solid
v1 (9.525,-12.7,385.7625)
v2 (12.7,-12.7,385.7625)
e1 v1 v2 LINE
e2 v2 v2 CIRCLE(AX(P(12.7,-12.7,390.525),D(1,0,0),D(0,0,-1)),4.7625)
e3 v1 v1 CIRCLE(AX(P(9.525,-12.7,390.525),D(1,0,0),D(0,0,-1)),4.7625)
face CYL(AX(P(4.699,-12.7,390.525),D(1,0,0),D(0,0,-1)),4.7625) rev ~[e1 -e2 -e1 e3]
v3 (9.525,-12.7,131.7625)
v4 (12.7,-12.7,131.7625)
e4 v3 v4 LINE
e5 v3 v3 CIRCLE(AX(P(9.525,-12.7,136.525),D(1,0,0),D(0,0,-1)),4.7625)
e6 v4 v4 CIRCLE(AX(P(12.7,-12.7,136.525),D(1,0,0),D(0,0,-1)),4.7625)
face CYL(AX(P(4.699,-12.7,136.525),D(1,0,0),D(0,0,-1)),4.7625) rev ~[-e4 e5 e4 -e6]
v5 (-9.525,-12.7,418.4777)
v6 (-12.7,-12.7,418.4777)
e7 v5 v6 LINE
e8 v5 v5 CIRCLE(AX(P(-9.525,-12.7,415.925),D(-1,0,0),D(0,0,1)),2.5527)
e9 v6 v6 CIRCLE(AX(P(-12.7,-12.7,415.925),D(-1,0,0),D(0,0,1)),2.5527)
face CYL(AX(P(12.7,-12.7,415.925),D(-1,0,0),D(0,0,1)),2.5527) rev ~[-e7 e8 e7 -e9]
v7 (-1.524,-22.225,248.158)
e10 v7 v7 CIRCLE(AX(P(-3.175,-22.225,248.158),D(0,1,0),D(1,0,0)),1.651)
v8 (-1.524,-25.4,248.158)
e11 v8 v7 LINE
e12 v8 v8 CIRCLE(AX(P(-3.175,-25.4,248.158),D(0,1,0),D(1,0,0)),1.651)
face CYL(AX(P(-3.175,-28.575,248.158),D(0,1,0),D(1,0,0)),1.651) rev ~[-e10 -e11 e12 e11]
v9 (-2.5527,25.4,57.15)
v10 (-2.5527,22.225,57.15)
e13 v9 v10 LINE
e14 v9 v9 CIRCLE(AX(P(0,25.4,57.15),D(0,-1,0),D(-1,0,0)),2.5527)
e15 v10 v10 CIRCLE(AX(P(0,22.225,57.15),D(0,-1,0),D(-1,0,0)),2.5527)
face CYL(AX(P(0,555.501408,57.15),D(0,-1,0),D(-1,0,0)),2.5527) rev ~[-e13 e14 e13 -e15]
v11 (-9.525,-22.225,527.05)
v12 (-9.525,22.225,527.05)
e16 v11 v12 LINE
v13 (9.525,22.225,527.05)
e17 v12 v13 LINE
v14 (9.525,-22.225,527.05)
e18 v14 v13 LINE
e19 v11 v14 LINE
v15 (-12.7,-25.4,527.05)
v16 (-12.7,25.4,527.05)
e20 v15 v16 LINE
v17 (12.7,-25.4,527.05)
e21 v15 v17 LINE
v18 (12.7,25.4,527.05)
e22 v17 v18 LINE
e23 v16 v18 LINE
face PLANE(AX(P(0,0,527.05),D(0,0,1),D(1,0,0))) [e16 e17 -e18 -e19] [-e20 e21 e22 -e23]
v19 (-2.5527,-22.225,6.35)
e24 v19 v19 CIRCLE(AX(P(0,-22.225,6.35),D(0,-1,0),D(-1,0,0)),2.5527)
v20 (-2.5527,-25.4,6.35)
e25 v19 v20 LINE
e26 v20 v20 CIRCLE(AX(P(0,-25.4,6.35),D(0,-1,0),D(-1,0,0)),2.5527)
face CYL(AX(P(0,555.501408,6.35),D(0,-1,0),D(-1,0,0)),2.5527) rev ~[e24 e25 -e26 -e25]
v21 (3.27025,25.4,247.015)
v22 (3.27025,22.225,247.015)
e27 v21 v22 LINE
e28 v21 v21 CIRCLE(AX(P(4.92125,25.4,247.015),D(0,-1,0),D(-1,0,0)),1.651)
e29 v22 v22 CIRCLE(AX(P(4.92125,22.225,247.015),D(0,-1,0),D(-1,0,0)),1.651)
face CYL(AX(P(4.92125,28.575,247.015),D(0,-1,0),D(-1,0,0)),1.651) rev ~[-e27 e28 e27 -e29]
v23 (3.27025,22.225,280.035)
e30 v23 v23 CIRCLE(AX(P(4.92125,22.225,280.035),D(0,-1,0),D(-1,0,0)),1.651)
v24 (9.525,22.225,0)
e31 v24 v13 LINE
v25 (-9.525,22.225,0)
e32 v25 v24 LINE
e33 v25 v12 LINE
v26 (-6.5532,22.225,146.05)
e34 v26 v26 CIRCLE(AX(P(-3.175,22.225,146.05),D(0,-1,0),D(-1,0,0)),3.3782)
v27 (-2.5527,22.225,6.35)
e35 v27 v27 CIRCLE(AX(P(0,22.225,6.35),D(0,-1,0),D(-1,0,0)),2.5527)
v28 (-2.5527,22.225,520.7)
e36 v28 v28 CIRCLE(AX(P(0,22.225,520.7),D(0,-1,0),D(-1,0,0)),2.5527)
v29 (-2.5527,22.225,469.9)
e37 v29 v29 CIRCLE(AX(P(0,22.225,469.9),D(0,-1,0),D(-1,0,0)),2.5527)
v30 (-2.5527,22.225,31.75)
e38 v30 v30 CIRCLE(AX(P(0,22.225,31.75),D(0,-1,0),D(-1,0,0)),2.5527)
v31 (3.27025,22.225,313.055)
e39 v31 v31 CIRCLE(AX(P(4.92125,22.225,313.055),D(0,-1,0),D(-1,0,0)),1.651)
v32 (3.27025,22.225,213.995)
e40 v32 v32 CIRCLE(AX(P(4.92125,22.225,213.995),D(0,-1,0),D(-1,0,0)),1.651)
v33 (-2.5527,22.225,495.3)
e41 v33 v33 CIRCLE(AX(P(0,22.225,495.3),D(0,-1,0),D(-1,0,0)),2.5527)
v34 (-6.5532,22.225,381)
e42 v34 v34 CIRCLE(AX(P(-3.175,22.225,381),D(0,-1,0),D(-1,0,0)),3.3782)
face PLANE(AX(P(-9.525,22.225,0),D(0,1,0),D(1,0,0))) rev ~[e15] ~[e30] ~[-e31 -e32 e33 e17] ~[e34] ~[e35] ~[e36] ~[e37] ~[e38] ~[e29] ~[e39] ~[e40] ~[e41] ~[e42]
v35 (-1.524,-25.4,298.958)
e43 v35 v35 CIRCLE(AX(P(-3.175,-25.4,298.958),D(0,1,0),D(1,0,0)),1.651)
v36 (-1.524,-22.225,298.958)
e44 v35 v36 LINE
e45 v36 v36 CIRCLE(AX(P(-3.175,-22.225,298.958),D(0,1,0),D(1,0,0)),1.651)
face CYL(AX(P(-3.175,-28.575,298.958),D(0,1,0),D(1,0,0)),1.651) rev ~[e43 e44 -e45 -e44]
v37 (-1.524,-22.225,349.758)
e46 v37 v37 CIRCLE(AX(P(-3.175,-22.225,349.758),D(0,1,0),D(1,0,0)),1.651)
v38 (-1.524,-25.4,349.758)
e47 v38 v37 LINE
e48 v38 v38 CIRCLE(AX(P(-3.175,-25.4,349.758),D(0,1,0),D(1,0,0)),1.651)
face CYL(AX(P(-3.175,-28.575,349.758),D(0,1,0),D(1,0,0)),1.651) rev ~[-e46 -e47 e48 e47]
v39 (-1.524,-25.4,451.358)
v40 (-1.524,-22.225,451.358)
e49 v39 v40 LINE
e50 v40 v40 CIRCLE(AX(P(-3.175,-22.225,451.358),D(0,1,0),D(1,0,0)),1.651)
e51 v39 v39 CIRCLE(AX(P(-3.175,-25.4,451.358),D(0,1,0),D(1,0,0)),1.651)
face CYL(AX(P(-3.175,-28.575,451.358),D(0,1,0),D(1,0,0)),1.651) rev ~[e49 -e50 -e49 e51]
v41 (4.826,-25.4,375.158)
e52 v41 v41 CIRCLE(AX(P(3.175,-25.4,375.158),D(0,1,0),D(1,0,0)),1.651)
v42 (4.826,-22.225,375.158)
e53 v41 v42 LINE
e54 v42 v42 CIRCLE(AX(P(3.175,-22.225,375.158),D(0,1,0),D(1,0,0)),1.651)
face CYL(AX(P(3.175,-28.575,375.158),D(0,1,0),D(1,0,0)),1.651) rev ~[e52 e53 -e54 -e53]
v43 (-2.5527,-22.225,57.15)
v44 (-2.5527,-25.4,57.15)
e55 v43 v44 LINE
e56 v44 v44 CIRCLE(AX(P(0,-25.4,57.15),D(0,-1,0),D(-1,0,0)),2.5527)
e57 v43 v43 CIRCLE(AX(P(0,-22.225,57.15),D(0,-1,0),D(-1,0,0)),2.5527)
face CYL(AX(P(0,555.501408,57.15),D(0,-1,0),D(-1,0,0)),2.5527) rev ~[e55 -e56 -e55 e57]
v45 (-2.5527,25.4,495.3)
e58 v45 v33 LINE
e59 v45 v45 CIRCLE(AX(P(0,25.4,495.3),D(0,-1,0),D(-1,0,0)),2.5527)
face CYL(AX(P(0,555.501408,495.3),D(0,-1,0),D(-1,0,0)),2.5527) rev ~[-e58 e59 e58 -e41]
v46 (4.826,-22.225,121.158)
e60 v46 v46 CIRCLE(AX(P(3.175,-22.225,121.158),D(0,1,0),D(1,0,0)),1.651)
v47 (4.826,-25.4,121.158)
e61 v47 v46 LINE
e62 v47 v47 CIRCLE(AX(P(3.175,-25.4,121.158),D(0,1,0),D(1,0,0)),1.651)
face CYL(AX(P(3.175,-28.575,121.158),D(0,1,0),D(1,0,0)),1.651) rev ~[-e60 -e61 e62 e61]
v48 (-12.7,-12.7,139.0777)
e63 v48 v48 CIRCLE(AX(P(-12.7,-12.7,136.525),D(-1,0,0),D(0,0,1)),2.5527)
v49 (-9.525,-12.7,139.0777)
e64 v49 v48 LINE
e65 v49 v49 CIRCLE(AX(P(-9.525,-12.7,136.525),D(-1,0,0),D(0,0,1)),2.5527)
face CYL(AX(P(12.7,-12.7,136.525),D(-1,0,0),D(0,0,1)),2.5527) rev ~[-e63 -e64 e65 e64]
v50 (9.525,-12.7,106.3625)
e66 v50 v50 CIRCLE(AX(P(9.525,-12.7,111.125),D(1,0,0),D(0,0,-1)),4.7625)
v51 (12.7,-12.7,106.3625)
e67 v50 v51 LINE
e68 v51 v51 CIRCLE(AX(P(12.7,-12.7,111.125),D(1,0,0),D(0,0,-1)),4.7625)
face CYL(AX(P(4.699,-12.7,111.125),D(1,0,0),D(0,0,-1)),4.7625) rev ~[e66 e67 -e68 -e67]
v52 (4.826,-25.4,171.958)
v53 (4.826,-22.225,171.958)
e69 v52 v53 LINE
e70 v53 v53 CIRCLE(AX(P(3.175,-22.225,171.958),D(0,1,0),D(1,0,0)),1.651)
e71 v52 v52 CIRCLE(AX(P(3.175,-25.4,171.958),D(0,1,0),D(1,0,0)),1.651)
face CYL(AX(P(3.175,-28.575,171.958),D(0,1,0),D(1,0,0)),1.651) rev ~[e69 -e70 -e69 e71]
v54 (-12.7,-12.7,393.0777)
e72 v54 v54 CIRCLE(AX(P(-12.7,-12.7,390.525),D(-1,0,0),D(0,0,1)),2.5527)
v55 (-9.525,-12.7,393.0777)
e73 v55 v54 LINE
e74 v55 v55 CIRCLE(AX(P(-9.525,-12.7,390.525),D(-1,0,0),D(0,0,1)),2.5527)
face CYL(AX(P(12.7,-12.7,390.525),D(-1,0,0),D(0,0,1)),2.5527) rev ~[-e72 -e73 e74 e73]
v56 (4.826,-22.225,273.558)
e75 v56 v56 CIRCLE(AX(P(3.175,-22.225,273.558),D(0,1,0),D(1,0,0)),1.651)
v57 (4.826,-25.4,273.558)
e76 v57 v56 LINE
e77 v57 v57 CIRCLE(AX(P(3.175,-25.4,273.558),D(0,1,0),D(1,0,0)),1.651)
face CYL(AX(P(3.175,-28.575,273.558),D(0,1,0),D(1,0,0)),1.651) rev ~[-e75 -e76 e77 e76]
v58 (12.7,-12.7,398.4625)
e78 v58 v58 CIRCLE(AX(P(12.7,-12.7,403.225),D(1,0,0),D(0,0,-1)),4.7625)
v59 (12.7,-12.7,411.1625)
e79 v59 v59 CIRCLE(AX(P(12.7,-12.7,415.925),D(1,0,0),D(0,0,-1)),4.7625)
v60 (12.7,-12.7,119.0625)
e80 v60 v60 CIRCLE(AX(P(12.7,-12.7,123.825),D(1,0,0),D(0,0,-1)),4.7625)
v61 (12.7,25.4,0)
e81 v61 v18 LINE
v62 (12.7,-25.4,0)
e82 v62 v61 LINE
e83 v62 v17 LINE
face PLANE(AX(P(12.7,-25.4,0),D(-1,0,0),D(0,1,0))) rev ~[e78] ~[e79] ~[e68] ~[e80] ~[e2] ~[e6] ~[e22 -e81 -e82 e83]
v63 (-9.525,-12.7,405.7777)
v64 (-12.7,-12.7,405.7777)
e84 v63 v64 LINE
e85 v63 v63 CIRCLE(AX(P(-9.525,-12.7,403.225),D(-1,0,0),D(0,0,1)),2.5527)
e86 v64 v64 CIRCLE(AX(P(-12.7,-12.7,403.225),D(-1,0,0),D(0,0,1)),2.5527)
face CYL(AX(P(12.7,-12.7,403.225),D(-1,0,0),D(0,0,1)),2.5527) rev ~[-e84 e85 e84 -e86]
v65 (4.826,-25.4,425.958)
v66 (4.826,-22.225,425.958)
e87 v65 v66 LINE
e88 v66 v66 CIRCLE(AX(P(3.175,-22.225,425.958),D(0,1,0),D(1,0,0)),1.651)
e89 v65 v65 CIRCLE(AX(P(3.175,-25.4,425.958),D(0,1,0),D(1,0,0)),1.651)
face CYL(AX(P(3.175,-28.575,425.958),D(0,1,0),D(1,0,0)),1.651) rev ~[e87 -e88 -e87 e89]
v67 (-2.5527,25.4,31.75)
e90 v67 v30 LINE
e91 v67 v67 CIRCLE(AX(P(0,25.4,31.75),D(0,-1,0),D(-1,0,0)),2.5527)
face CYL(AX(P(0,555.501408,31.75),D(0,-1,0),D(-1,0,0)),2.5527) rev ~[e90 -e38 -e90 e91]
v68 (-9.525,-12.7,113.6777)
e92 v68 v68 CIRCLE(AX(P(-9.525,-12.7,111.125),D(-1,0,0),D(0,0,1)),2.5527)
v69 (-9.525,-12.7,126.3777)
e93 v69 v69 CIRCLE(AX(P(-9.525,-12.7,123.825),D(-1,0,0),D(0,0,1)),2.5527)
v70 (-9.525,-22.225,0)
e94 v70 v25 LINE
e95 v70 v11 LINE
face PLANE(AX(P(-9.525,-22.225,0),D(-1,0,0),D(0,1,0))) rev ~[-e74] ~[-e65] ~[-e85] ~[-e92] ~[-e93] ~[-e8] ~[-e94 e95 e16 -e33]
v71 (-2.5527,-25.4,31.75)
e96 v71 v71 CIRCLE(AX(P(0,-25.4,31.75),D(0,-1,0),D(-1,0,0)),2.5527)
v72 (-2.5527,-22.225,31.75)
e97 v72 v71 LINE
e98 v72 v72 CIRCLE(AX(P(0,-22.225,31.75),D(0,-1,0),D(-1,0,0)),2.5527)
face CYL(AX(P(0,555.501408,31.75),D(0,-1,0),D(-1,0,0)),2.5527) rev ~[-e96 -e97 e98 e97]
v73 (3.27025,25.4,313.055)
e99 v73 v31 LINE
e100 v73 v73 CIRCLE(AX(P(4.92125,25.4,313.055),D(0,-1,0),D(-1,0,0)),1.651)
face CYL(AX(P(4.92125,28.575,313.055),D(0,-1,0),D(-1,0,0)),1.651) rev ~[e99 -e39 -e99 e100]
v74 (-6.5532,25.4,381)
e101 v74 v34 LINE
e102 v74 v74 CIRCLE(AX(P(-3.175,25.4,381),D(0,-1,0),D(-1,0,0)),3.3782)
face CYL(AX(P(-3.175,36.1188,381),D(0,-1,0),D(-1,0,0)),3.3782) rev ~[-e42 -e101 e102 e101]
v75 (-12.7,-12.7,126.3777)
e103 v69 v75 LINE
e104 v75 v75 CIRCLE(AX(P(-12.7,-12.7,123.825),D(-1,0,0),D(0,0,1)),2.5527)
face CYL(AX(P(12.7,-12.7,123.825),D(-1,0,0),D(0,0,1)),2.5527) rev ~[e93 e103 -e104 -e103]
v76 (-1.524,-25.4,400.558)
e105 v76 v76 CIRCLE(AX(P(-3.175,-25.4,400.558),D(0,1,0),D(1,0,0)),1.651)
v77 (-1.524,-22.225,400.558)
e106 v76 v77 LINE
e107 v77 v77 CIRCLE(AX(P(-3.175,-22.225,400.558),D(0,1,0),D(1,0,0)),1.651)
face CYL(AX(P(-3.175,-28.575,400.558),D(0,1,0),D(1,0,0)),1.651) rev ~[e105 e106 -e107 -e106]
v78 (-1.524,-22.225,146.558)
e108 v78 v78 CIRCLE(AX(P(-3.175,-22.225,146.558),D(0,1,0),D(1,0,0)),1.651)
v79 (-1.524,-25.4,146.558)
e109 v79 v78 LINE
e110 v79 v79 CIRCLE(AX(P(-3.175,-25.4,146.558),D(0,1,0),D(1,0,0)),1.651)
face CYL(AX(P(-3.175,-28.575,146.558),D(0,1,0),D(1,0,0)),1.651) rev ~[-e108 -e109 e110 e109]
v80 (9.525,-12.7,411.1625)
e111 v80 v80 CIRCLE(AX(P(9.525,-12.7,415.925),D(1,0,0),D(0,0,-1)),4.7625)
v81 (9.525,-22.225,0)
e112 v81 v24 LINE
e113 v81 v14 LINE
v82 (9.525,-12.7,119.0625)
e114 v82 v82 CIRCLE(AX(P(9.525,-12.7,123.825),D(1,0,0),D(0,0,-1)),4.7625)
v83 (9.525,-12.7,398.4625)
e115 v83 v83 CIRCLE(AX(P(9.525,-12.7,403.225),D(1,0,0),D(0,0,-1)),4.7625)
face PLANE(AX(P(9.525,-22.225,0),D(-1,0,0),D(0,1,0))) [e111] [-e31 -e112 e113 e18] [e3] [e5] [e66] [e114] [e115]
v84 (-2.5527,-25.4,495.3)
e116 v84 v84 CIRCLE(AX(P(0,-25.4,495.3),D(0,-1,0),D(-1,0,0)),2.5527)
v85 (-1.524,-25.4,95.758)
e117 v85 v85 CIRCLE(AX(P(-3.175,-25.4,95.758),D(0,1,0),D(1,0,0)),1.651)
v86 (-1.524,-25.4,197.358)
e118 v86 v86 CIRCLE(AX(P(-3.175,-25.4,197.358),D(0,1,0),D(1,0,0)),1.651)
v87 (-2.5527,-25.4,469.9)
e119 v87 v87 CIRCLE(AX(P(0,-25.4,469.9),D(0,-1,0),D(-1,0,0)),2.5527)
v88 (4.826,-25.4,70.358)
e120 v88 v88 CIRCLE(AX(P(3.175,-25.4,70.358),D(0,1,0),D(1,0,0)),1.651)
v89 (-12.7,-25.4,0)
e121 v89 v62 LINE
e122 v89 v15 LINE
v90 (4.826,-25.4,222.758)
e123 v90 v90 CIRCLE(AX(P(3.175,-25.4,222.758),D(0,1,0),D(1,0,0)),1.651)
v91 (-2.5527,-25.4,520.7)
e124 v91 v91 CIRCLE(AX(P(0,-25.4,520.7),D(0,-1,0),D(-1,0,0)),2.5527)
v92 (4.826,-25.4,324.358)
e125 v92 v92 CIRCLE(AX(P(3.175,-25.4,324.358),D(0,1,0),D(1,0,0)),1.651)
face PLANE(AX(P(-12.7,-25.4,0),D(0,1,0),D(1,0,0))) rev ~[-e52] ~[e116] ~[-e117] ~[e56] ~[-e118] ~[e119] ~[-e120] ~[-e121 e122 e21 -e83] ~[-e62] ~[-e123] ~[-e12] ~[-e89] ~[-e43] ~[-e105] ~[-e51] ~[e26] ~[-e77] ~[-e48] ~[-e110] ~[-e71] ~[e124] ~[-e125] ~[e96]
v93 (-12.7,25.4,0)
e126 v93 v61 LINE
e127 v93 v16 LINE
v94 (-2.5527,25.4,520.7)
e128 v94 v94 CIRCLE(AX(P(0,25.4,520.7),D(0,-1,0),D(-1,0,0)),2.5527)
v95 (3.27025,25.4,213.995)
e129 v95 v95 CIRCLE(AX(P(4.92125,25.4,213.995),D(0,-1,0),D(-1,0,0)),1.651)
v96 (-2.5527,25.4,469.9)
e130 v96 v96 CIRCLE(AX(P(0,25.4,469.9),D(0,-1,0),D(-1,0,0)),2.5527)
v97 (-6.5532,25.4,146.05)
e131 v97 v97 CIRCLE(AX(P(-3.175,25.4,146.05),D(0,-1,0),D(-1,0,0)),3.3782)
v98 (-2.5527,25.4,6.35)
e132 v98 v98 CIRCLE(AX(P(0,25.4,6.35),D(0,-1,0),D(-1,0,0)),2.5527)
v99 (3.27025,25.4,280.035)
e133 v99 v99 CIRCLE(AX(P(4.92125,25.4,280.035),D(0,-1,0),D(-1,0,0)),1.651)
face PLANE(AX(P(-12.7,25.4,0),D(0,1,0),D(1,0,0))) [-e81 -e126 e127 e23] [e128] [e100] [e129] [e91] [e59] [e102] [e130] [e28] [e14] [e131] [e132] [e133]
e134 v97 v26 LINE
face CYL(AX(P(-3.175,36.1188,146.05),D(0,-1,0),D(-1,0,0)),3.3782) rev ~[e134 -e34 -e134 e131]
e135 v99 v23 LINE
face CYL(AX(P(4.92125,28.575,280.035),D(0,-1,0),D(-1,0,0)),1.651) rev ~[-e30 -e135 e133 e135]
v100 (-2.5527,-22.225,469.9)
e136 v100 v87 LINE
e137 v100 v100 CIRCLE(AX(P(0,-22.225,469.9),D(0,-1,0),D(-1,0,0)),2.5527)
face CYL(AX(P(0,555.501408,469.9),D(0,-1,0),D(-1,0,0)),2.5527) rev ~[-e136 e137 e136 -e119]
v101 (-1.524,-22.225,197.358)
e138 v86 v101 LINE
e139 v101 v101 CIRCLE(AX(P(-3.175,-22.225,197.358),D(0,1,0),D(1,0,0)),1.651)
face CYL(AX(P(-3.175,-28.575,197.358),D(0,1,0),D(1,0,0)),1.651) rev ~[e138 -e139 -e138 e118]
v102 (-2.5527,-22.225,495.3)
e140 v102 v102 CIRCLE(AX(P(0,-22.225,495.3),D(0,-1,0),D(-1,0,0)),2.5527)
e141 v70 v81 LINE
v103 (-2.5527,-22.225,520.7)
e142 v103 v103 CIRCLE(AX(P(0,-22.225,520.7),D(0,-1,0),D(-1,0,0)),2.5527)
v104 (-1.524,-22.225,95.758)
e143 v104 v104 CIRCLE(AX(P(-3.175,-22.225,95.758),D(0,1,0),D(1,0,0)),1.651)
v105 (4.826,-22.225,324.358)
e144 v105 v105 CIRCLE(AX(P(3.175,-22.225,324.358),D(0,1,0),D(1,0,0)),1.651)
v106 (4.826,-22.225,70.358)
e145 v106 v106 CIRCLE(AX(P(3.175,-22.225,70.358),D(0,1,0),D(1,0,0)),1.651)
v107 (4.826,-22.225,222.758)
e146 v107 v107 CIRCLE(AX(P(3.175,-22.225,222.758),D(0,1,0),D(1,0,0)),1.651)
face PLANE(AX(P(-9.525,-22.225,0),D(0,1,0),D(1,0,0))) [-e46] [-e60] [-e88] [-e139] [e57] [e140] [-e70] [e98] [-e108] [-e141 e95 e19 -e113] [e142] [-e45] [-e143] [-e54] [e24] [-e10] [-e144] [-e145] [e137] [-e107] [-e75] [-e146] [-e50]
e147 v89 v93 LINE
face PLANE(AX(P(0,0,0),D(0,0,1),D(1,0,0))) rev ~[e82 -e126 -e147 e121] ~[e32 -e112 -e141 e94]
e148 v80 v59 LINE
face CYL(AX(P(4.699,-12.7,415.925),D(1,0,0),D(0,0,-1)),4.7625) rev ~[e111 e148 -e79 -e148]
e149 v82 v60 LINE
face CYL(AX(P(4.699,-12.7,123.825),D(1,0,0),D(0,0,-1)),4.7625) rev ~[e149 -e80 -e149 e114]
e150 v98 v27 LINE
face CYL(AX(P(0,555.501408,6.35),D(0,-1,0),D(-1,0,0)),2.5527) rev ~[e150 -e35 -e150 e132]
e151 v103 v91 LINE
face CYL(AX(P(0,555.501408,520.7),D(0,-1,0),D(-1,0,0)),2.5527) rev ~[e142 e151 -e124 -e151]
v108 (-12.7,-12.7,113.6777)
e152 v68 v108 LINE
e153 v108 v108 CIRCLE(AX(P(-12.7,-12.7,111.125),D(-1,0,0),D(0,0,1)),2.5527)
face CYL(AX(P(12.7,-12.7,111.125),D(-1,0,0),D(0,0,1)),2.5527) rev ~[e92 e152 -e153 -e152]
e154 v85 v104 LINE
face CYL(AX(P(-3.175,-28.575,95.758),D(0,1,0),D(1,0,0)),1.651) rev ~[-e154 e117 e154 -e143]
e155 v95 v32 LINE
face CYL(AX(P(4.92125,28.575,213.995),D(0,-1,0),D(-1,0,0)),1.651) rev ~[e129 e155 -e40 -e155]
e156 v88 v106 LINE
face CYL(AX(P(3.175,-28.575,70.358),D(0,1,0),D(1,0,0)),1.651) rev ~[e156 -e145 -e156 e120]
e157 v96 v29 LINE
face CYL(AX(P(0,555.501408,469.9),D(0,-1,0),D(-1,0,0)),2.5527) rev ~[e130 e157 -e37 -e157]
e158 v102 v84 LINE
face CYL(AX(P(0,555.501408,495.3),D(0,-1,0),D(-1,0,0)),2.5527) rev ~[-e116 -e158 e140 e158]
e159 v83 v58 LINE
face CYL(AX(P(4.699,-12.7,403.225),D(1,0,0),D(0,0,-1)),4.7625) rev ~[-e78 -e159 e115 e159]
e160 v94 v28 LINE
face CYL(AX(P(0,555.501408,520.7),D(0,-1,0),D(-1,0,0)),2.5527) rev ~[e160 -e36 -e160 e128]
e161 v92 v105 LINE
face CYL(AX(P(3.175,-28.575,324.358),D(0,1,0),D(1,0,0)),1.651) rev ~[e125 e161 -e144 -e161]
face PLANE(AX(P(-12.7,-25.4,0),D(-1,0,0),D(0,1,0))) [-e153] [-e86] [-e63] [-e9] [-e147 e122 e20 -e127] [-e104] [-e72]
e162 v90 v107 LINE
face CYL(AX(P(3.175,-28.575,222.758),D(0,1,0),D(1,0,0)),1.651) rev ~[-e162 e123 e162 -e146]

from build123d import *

# Parameters (mm, degrees)
SKETCH1_W                                       = 25.4
SKETCH1_H                                       = 50.8
SKETCH1_W_2                                     = 19.05
SKETCH1_H_2                                     = 44.45
EXTRUDE_THIN1_DEPTH                             = 527.05
F_10_CLEARANCE_HOLE1_D                          = 5.1054
F_1_8_0_13_DIAMETER_HOLE1_D                     = 3.302
F_1_8_0_13_DIAMETER_HOLE1_DEPTH                 = 3.175
F_1_8_0_13_DIAMETER_HOLE2_D                     = 3.302
F_1_8_0_13_DIAMETER_HOLE2_DEPTH                 = 3.175
F_1_4_CLEARANCE_HOLE1_D                         = 6.7564
F_1_4_CLEARANCE_HOLE1_DEPTH                     = 10.7188
F_1_4_CLEARANCE_HOLE1_TIP                       = 2.029827343
CBORE_FOR_10_SOCKET_HEAD_CAP_SCREW1_D           = 5.1054
CBORE_FOR_10_SOCKET_HEAD_CAP_SCREW1_CBORE_D     = 9.525
CBORE_FOR_10_SOCKET_HEAD_CAP_SCREW1_CBORE_DEPTH = 8.001


with BuildPart() as part:
    # Sketch1 → Extrude-Thin1 (new body)
    with BuildSketch(Plane.XY):
        Rectangle(SKETCH1_W, SKETCH1_H)
        Rectangle(SKETCH1_W_2, SKETCH1_H_2, mode=Mode.SUBTRACT)
    extrude(amount=EXTRUDE_THIN1_DEPTH)

    # #10 Clearance Hole1 (through all)
    with Locations(Plane(origin=(0, 25.4, 0), x_dir=(1, 0, 0), z_dir=(0, 1, 0))):
        with Locations((0, -520.7), (0, -495.3), (0, -469.9), (0, -6.35), (0, -31.75), (0, -57.15)):
            Hole(F_10_CLEARANCE_HOLE1_D / 2)

    # 1/8 (0.13) Diameter Hole1
    with Locations(Plane(origin=(0, -25.4, 0), x_dir=(-1, 0, 0), z_dir=(0, -1, 0))):
        with Locations((3.175, -451.358), (-3.175, -425.958), (3.175, -400.558), (-3.175, -375.158), (3.175, -349.758), (3.175, -298.958), (3.175, -248.158), (-3.175, -222.758), (3.175, -197.358), (-3.175, -171.958), (3.175, -146.558), (-3.175, -121.158), (-3.175, -70.358), (-3.175, -324.358), (-3.175, -273.558), (3.175, -95.758)):
            Hole(F_1_8_0_13_DIAMETER_HOLE1_D / 2, depth=F_1_8_0_13_DIAMETER_HOLE1_DEPTH)

    # 1/8 (0.13) Diameter Hole2
    with Locations(Plane(origin=(0, 25.4, 0), x_dir=(1, 0, 0), z_dir=(0, 1, 0))):
        with Locations((4.92125, -313.055), (4.92125, -280.035), (4.92125, -247.015), (4.92125, -213.995)):
            Hole(F_1_8_0_13_DIAMETER_HOLE2_D / 2, depth=F_1_8_0_13_DIAMETER_HOLE2_DEPTH)

    # 1/4 Clearance Hole1
    with Locations(Plane(origin=(0, 25.4, 0), x_dir=(1, 0, 0), z_dir=(0, 1, 0))):
        with Locations((-3.175, -146.05), (-3.175, -381)):
            Hole(F_1_4_CLEARANCE_HOLE1_D / 2, depth=F_1_4_CLEARANCE_HOLE1_DEPTH)
            with Locations((0, 0, -(F_1_4_CLEARANCE_HOLE1_DEPTH + F_1_4_CLEARANCE_HOLE1_TIP / 2))):  # 118° drill point
                Cone(0, F_1_4_CLEARANCE_HOLE1_D / 2, F_1_4_CLEARANCE_HOLE1_TIP, mode=Mode.SUBTRACT)

    # CBORE for #10 Socket Head Cap Screw1 (through all)
    with Locations(Plane(origin=(12.7, 0, 0), x_dir=(0, 0, -1), z_dir=(1, 0, 0))):
        with Locations((-111.125, -12.7), (-123.825, -12.7), (-136.525, -12.7), (-390.525, -12.7), (-415.925, -12.7), (-403.225, -12.7)):
            CounterBoreHole(CBORE_FOR_10_SOCKET_HEAD_CAP_SCREW1_D / 2, CBORE_FOR_10_SOCKET_HEAD_CAP_SCREW1_CBORE_D / 2, CBORE_FOR_10_SOCKET_HEAD_CAP_SCREW1_CBORE_DEPTH)


solid = part.part
